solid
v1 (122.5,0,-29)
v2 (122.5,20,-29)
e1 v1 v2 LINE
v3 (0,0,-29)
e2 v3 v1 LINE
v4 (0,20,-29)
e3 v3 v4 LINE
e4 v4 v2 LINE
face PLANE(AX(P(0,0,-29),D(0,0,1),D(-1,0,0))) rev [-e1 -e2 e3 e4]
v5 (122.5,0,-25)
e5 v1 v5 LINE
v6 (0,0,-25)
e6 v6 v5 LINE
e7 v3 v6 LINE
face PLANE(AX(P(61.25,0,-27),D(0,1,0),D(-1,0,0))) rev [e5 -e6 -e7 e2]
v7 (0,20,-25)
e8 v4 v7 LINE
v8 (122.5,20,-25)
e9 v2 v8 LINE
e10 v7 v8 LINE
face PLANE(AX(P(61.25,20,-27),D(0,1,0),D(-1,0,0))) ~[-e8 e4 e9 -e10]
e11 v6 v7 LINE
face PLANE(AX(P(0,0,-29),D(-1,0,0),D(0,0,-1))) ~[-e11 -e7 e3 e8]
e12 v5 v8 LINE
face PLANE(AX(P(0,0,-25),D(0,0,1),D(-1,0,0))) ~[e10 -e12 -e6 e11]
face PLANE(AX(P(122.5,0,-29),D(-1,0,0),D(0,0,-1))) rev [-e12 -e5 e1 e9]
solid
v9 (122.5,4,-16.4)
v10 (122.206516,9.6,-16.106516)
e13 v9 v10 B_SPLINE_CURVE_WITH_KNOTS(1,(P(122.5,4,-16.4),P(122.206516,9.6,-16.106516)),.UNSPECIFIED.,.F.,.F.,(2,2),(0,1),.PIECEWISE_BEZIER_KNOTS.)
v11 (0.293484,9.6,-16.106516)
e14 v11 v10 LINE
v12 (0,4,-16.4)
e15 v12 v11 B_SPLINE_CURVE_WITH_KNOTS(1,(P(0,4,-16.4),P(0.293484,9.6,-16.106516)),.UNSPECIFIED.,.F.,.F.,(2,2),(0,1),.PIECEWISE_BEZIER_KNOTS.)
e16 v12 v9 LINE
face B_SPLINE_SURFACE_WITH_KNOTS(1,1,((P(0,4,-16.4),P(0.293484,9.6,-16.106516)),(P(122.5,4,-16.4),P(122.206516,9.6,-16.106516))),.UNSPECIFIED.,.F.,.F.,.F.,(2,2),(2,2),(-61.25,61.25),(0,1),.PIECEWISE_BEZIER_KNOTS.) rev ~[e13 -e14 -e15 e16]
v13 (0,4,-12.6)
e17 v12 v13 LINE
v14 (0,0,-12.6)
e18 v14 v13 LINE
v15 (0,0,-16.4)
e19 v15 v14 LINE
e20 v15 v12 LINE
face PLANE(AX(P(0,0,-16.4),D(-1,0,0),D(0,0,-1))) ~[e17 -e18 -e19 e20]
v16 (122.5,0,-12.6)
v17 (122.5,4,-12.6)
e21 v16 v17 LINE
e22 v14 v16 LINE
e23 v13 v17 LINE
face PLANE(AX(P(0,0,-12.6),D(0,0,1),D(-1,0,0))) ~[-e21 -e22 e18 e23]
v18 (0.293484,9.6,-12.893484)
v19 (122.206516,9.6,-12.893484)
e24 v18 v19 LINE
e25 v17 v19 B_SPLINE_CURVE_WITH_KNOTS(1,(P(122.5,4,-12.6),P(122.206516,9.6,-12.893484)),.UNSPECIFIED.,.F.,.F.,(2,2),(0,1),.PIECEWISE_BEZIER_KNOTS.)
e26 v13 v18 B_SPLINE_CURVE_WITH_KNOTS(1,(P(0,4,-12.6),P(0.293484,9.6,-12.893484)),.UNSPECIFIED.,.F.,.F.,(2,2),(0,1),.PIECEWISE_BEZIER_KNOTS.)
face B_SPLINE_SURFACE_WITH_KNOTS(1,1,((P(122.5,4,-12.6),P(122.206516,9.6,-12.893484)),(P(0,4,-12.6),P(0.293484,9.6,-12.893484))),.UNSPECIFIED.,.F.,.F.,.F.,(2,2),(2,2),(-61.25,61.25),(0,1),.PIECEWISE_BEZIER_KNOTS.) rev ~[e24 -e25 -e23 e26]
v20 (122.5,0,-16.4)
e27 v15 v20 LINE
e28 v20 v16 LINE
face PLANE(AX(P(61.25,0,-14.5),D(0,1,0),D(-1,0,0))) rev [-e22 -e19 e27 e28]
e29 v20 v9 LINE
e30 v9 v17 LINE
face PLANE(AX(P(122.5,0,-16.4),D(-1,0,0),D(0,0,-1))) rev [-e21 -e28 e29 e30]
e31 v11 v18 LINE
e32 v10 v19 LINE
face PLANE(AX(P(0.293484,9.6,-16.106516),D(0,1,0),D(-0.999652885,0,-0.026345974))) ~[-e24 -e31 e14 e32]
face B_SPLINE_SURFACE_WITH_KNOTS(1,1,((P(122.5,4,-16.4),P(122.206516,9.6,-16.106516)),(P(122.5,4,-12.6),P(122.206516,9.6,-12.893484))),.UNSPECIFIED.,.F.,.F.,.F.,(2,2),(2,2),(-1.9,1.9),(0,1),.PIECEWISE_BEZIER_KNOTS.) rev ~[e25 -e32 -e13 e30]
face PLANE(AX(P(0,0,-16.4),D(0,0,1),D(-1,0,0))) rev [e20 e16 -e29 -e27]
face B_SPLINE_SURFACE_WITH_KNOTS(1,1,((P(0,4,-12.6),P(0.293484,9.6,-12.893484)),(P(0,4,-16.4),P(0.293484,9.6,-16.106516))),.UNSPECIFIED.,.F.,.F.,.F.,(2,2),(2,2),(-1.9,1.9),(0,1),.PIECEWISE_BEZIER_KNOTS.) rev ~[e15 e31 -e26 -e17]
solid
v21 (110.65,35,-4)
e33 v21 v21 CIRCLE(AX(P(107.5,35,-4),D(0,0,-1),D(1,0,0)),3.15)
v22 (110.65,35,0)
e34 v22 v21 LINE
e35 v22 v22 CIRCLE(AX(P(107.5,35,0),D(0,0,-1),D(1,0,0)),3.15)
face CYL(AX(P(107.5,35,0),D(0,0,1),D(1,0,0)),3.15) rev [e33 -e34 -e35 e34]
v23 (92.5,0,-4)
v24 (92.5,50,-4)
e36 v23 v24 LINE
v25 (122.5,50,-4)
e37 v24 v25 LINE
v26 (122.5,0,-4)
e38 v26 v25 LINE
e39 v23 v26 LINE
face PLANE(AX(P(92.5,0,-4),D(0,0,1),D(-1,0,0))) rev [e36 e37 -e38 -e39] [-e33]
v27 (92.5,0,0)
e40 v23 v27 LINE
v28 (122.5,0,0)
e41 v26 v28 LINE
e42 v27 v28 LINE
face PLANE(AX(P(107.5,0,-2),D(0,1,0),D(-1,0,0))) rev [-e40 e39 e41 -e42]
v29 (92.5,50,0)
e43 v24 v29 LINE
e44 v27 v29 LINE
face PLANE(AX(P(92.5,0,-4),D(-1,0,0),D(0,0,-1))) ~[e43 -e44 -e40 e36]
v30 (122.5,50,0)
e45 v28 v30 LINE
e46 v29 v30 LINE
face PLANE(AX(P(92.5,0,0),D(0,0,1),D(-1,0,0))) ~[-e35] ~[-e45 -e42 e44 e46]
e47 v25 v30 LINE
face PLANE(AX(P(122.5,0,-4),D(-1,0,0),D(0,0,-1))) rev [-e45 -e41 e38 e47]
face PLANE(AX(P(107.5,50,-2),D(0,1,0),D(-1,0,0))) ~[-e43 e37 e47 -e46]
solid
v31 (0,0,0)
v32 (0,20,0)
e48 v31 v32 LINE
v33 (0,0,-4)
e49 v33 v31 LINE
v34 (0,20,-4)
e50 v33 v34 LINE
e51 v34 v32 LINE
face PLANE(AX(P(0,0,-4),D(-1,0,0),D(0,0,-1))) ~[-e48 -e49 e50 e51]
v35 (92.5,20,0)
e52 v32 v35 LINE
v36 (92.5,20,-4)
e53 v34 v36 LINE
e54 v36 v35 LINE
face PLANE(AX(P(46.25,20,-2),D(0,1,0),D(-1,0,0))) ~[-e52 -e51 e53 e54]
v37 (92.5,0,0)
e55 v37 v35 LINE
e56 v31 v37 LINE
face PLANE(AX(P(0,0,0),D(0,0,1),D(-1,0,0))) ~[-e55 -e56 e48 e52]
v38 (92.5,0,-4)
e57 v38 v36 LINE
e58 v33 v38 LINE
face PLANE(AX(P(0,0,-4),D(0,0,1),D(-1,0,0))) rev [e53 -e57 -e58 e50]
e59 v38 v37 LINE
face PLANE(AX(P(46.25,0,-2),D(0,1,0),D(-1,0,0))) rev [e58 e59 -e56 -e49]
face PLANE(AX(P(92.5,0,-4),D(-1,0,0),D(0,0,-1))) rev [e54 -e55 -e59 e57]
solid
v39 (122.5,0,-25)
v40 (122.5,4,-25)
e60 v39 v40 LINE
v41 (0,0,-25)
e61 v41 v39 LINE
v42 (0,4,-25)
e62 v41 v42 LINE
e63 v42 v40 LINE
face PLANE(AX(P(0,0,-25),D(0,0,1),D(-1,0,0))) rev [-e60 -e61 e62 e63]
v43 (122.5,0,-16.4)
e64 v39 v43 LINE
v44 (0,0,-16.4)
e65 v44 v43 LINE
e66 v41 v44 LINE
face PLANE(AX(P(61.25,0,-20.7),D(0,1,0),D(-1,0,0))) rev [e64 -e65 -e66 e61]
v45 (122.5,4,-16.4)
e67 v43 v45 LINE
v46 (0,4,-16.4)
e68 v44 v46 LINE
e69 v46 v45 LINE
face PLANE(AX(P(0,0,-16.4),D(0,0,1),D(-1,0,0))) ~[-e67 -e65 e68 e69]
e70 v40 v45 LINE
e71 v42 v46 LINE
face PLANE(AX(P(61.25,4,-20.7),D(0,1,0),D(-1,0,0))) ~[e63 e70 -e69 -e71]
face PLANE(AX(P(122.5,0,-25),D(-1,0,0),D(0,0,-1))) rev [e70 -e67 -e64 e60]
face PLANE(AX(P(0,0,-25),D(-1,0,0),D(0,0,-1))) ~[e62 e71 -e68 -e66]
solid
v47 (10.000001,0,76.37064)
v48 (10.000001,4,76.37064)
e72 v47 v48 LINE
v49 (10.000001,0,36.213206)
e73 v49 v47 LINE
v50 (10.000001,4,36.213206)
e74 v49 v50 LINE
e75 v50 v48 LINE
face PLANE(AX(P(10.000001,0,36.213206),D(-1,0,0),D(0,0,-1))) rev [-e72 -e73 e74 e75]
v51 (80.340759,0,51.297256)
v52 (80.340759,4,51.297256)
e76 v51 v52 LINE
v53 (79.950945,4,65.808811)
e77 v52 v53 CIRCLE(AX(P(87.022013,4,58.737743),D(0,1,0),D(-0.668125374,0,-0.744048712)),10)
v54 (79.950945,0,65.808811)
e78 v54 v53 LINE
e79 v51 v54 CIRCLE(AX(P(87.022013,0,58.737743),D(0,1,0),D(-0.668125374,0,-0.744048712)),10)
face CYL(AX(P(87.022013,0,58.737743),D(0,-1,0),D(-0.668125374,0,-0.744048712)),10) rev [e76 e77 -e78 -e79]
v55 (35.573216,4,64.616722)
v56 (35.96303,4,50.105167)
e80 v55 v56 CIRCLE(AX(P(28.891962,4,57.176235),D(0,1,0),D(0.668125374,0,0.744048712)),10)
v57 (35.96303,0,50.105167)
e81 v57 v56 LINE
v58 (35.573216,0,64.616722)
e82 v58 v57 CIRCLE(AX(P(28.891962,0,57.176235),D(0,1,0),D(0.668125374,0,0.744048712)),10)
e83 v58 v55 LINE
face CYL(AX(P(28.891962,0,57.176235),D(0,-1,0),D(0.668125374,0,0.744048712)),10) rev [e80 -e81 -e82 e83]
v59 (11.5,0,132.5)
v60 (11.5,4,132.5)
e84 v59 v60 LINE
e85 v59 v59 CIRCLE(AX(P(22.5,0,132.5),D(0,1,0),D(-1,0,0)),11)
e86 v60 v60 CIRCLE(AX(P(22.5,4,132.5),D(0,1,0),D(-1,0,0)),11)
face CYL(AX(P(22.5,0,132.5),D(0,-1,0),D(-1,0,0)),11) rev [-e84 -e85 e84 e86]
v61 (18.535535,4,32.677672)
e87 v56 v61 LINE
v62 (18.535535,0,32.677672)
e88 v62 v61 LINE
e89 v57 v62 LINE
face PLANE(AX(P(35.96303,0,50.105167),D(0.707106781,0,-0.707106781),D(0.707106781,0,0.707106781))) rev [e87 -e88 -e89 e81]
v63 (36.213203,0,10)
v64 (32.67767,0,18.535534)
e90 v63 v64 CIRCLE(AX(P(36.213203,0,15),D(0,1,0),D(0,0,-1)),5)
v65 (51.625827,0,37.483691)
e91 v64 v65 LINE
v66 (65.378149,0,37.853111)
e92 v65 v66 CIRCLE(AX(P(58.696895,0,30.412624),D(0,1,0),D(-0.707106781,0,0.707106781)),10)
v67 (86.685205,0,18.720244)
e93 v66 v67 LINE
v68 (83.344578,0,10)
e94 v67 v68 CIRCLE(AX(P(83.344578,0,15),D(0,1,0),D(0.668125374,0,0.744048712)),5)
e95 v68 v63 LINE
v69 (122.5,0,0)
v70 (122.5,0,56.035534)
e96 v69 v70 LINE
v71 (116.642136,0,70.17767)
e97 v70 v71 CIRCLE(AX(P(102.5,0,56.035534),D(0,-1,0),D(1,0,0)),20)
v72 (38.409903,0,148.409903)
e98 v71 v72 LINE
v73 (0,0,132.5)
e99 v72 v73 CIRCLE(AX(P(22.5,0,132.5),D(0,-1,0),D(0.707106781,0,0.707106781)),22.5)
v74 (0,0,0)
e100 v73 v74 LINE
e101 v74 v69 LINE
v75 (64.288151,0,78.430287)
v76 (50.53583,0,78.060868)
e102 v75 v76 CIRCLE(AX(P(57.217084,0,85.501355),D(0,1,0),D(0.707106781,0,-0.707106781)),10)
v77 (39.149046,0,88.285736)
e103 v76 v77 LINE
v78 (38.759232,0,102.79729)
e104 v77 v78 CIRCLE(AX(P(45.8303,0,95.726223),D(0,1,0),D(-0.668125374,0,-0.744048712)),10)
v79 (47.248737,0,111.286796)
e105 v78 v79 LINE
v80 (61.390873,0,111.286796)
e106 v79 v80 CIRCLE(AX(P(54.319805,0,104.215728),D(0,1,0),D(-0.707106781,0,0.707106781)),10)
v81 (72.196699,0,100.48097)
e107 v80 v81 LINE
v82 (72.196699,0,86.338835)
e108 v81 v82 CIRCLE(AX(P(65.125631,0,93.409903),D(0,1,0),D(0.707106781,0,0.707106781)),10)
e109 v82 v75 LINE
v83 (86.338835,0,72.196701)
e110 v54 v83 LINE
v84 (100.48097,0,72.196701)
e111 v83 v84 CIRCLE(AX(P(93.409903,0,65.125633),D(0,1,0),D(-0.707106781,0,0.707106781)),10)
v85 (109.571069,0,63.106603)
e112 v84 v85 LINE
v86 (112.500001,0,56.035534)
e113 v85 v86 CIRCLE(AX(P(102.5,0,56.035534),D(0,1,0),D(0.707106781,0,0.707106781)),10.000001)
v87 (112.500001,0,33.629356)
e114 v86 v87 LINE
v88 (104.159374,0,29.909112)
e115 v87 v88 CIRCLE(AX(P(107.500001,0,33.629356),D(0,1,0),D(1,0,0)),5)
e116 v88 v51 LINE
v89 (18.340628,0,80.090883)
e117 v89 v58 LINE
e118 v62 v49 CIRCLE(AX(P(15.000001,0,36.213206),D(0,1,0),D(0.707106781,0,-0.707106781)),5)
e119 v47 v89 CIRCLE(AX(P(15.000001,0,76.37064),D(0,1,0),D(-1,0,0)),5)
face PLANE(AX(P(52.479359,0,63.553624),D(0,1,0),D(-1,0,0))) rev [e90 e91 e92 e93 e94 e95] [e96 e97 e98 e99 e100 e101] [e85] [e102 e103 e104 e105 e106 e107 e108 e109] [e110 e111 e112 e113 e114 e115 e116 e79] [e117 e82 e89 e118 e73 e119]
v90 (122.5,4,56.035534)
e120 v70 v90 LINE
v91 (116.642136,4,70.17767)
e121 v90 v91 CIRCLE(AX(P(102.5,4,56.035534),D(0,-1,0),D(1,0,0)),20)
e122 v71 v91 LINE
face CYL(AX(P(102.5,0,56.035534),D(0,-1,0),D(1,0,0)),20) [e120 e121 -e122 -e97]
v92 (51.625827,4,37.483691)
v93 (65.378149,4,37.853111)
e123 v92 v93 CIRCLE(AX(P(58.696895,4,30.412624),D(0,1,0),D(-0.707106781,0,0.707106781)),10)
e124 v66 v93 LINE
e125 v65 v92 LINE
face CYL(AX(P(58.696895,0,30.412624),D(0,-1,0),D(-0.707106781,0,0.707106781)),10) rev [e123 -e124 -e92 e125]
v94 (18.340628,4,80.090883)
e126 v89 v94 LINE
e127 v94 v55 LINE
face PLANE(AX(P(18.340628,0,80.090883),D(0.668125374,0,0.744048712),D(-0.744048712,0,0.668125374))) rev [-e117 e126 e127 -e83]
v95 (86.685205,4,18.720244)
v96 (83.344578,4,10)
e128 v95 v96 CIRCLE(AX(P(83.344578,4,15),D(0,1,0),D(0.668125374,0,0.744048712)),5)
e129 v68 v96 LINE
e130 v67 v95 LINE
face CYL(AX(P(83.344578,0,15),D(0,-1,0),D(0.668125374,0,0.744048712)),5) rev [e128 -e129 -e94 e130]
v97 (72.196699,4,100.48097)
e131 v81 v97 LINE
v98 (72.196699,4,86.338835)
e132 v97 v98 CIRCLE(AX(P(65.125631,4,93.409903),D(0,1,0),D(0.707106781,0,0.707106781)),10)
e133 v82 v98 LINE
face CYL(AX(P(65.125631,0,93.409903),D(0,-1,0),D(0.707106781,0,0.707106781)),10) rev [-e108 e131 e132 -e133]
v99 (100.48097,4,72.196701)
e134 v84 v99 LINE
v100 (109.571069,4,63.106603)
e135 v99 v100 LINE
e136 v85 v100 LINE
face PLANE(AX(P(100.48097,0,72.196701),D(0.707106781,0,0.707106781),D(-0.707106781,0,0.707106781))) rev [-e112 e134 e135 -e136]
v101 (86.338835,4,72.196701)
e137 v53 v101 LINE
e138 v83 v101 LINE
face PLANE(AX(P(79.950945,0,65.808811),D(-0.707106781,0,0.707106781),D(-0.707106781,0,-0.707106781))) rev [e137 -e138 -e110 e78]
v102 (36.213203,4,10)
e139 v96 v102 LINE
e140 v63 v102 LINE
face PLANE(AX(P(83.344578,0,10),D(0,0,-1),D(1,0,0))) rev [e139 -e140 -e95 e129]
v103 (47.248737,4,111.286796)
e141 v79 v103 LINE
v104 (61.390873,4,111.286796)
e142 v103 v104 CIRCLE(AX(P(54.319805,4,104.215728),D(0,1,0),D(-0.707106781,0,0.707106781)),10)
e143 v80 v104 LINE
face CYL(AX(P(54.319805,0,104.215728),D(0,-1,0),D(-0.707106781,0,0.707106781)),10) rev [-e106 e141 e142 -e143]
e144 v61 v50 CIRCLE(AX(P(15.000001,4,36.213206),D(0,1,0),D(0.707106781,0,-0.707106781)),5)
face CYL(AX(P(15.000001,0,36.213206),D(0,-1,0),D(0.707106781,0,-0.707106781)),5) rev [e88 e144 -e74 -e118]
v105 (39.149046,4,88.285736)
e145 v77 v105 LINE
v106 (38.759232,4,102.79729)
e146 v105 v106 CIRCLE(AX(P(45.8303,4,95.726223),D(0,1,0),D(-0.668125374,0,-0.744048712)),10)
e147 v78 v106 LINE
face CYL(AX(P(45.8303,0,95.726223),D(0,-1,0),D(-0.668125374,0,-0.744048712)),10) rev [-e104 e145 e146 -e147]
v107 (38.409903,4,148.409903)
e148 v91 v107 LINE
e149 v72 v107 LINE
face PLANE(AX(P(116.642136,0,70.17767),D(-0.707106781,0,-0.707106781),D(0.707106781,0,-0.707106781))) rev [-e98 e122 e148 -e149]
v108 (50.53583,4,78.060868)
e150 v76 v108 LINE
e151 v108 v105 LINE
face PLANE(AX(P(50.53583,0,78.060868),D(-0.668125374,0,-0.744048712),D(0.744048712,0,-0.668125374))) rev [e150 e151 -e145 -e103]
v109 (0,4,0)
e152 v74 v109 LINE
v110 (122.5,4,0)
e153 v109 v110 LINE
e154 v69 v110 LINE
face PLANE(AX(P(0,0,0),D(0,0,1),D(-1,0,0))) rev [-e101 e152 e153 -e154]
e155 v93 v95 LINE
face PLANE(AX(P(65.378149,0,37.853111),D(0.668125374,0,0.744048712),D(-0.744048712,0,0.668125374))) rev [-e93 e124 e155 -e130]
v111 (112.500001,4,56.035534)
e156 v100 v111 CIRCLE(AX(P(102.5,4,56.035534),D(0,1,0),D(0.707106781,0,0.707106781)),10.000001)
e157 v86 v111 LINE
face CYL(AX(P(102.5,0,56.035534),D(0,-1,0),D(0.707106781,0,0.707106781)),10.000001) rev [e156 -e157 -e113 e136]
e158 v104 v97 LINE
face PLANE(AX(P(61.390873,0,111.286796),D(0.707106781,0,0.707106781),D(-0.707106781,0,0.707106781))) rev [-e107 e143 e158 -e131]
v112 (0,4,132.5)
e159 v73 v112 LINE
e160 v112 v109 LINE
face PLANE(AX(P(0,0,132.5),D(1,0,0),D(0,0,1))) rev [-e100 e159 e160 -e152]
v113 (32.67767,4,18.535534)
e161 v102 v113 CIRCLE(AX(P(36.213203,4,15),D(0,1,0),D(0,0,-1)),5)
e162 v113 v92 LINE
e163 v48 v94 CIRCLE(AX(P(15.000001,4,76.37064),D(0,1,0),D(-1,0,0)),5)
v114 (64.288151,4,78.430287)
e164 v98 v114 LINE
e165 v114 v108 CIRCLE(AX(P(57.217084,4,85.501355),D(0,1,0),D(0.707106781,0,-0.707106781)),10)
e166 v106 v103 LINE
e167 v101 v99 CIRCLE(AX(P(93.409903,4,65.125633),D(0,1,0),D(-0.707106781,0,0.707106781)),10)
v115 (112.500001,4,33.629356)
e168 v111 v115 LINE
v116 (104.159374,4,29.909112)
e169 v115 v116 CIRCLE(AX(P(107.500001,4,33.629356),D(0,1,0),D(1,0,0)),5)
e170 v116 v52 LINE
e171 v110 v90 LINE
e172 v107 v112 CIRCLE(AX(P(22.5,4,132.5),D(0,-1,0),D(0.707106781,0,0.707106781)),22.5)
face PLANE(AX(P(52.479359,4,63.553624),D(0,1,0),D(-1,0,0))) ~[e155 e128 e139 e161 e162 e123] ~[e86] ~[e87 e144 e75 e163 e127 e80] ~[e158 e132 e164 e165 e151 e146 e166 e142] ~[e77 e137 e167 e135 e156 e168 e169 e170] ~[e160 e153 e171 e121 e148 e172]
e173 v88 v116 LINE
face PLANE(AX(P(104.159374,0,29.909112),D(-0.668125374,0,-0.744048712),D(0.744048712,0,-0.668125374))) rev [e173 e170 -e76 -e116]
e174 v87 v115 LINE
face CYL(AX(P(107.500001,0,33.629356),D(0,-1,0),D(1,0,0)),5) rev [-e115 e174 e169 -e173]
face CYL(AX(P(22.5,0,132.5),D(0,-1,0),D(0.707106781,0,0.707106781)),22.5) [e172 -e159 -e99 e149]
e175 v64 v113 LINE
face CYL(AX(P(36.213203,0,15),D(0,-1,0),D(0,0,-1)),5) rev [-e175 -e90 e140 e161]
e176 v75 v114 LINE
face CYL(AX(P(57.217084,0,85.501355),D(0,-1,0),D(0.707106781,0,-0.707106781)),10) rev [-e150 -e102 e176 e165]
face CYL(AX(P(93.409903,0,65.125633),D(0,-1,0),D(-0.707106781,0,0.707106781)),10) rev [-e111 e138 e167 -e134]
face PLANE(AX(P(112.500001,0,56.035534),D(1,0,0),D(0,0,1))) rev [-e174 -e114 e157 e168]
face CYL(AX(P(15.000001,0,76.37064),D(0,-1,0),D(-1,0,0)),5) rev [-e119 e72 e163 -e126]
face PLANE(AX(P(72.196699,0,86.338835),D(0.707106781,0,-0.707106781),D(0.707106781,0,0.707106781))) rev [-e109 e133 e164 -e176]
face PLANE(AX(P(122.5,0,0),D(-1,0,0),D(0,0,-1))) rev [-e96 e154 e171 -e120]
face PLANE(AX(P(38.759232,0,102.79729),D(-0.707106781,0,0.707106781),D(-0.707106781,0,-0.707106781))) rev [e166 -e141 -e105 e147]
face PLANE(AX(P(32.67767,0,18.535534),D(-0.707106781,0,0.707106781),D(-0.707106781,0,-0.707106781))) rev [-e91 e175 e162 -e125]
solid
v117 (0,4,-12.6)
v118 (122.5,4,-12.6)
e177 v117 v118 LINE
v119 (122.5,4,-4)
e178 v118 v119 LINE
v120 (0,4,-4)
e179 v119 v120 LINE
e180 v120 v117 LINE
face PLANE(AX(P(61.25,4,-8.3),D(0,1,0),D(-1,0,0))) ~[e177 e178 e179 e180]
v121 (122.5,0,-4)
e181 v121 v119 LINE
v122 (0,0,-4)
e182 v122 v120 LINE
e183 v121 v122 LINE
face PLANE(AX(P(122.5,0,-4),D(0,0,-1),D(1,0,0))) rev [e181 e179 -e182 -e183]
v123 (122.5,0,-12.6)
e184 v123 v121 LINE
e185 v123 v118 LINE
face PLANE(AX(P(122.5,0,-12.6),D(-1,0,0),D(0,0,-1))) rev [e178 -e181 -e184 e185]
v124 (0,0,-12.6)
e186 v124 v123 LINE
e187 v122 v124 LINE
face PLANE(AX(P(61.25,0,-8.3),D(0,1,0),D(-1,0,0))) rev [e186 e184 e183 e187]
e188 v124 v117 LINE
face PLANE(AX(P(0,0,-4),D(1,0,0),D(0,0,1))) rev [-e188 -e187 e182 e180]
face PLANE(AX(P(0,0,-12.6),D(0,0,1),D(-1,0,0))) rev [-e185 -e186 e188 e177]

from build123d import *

# Parameters (mm, degrees)
F1_DEPTH  = 4
F0_W      = 122.5
F0_H      = 8.6
F0_W_2    = 92.5
F0_H_2    = 4
F2_DEPTH  = 20
F0_W_3    = 30
F3_DEPTH  = 50
F0_H_3    = 3.8
F4_DEPTH  = 4
F5_R      = 3.15
F6_DEPTH  = 40
F4_FACE_W = 122.5
F4_FACE_H = 3.8
F7_DEPTH  = 5.6
F7_TAPER  = 3


with BuildPart() as f1:
    # F0 (on Front) → F1 (new body)
    with BuildSketch(Plane.XZ):
        with BuildLine():
            Line((0, 110), (0, 0))
            Line((0, 0), (92.5, 0))
            Line((92.5, 0), (122.5, 0))
            Line((122.5, 0), (122.5, 56.0355339059))
            ThreePointArc((122.5, 56.0355339059), (120.9775906502, 63.6892025532), (116.6421356237, 70.1776695297))
            Line((116.6421356237, 70.1776695297), (93.4099025767, 93.4099025767))
            Line((93.4099025767, 93.4099025767), (54.3198051534, 132.5))
            Line((54.3198051534, 132.5), (38.4099025767, 148.4099025767))
            ThreePointArc((38.4099025767, 148.4099025767), (13.8896227718, 153.2872894815), (0, 132.5))
            Line((0, 132.5), (0, 110))
        make_face()
        with BuildLine():
            ThreePointArc((35.5732162015, 64.6167222252), (38.8883564947, 57.4447614751), (35.9630302772, 50.105167298))
            Line((35.9630302772, 50.105167298), (18.5355348938, 32.6776719147))
            ThreePointArc((18.5355348938, 32.6776719147), (13.0865838261, 31.593808158), (10.0000009879, 36.2132058206))
            Line((10.0000009879, 36.2132058206), (10.0000009879, 76.3706396309))
            ThreePointArc((10.0000009879, 76.3706396309), (12.9632307923, 80.9369912566), (18.340627856, 80.0908831885))
            Line((18.340627856, 80.0908831885), (35.5732162015, 64.6167222252))
        make_face(mode=Mode.SUBTRACT)
        with BuildLine():
            ThreePointArc((51.6258270811, 37.4836914573), (58.4283685277, 40.4090176749), (65.3781486291, 37.8531107608))
            Line((65.3781486291, 37.8531107608), (86.6852052871, 18.7202435576))
            ThreePointArc((86.6852052871, 18.7202435576), (88.013690636, 13.2113158172), (83.3445784191, 10))
            Line((83.3445784191, 10), (36.2132034356, 10))
            ThreePointArc((36.2132034356, 10), (31.593805773, 13.0865828382), (32.6776695297, 18.5355339059))
            Line((32.6776695297, 18.5355339059), (51.6258270811, 37.4836914573))
        make_face(mode=Mode.SUBTRACT)
        with BuildLine():
            Line((112.5000011414, 56.0355339059), (112.5000011414, 33.6293555954))
            ThreePointArc((112.5000011414, 33.6293555954), (109.536771337, 29.0630039696), (104.1593742733, 29.9091120378))
            Line((104.1593742733, 29.9091120378), (80.3407591987, 51.2972561863))
            ThreePointArc((80.3407591987, 51.2972561863), (77.0256189055, 58.4692169364), (79.9509451231, 65.8088111135))
            Line((79.9509451231, 65.8088111135), (86.3388347648, 72.1967007552))
            ThreePointArc((86.3388347648, 72.1967007552), (93.4099025767, 75.1256329434), (100.4809703886, 72.1967007552))
            Line((100.4809703886, 72.1967007552), (109.5710686189, 63.1066025249))
            ThreePointArc((109.5710686189, 63.1066025249), (111.7387963796, 59.8623686664), (112.5000011414, 56.0355339059))
        make_face(mode=Mode.SUBTRACT)
        with BuildLine():
            Line((72.1966986753, 86.3388347648), (64.2881514014, 78.4302874909))
            ThreePointArc((64.2881514014, 78.4302874909), (57.4856099548, 75.5049612734), (50.5358298533, 78.0608681875))
            Line((50.5358298533, 78.0608681875), (39.1490457718, 88.285735526))
            ThreePointArc((39.1490457718, 88.285735526), (35.8339054785, 95.457696276), (38.7592316961, 102.7972904532))
            Line((38.7592316961, 102.7972904532), (47.2487373415, 111.2867960986))
            ThreePointArc((47.2487373415, 111.2867960986), (54.3198051534, 114.2157282867), (61.3908729653, 111.2867960986))
            Line((61.3908729653, 111.2867960986), (72.1966986753, 100.4809703886))
            ThreePointArc((72.1966986753, 100.4809703886), (75.1256308634, 93.4099025767), (72.1966986753, 86.3388347648))
        make_face(mode=Mode.SUBTRACT)
        with BuildLine():
            ThreePointArc((33.5, 132.5), (22.5, 121.5), (11.5, 132.5))
            ThreePointArc((11.5, 132.5), (22.5, 143.5), (33.5, 132.5))
        make_face(mode=Mode.SUBTRACT)
    extrude(amount=F1_DEPTH)


with BuildPart() as f1b:
    # F0 (on Front) → F1, piece 2 (new body)
    with BuildSketch(Plane.XZ):
        Polygon((92.5, -4), (0, -4), (0, -12.6), (122.5, -12.6), (122.5, -4), align=None)
    extrude(amount=F1_DEPTH)


with BuildPart() as f1c:
    # F0 (on Front) → F1, piece 3 (new body)
    with BuildSketch(Plane.XZ):
        with Locations((61.25, -20.7)):
            Rectangle(F0_W, F0_H)
    extrude(amount=F1_DEPTH)


with BuildPart() as f2:
    # F0 (on Front) → F2 (new body)
    with BuildSketch(Plane.XZ):
        with Locations((46.25, -2)):
            Rectangle(F0_W_2, F0_H_2)
    extrude(amount=F2_DEPTH)


with BuildPart() as f2b:
    # F0 (on Front) → F2, piece 2 (new body)
    with BuildSketch(Plane.XZ):
        with Locations((61.25, -27)):
            Rectangle(F0_W, F0_H_2)
    extrude(amount=F2_DEPTH)


with BuildPart() as f3:
    # F0 (on Front) → F3 (new body)
    with BuildSketch(Plane.XZ):
        with Locations((107.5, -2)):
            Rectangle(F0_W_3, F0_H_2)
    extrude(amount=F3_DEPTH)

    # F5 (on face) → F6 (cut)
    with BuildSketch(Plane.XY):
        with Locations((107.5, -35)):
            Circle(F5_R)
    extrude(amount=-F6_DEPTH, mode=Mode.SUBTRACT)


with BuildPart() as f4:
    # F0 (on Front) → F4 (new body)
    with BuildSketch(Plane.XZ):
        with Locations((61.25, -14.5)):
            Rectangle(F0_W, F0_H_3)
    extrude(amount=F4_DEPTH)

    # F4_face (on face) → F7 (join)
    with BuildSketch(Plane(origin=(61.25, -4, -14.5), x_dir=(1, 0, 0), z_dir=(0, -1, 0))):
        Rectangle(F4_FACE_W, F4_FACE_H)
    extrude(amount=F7_DEPTH, taper=F7_TAPER)


with BuildPart() as f8_1:
    # F8: instance of F4
    add(f4.part.mirror(Plane.XZ))


with BuildPart() as f8_2:
    # F8: instance of F1
    add(f1.part.mirror(Plane.XZ))


with BuildPart() as f8_3:
    # F8: instance of F1c
    add(f1c.part.mirror(Plane.XZ))


with BuildPart() as f8_4:
    # F8: instance of F2
    add(f2.part.mirror(Plane.XZ))


with BuildPart() as f8_5:
    # F8: instance of F3
    add(f3.part.mirror(Plane.XZ))


with BuildPart() as f8_6:
    # F8: instance of F1b
    add(f1b.part.mirror(Plane.XZ))


with BuildPart() as f8_7:
    # F8: instance of F2b
    add(f2b.part.mirror(Plane.XZ))


solid = Compound([f8_1.part, f8_2.part, f8_3.part, f8_4.part, f8_5.part, f8_6.part, f8_7.part])
